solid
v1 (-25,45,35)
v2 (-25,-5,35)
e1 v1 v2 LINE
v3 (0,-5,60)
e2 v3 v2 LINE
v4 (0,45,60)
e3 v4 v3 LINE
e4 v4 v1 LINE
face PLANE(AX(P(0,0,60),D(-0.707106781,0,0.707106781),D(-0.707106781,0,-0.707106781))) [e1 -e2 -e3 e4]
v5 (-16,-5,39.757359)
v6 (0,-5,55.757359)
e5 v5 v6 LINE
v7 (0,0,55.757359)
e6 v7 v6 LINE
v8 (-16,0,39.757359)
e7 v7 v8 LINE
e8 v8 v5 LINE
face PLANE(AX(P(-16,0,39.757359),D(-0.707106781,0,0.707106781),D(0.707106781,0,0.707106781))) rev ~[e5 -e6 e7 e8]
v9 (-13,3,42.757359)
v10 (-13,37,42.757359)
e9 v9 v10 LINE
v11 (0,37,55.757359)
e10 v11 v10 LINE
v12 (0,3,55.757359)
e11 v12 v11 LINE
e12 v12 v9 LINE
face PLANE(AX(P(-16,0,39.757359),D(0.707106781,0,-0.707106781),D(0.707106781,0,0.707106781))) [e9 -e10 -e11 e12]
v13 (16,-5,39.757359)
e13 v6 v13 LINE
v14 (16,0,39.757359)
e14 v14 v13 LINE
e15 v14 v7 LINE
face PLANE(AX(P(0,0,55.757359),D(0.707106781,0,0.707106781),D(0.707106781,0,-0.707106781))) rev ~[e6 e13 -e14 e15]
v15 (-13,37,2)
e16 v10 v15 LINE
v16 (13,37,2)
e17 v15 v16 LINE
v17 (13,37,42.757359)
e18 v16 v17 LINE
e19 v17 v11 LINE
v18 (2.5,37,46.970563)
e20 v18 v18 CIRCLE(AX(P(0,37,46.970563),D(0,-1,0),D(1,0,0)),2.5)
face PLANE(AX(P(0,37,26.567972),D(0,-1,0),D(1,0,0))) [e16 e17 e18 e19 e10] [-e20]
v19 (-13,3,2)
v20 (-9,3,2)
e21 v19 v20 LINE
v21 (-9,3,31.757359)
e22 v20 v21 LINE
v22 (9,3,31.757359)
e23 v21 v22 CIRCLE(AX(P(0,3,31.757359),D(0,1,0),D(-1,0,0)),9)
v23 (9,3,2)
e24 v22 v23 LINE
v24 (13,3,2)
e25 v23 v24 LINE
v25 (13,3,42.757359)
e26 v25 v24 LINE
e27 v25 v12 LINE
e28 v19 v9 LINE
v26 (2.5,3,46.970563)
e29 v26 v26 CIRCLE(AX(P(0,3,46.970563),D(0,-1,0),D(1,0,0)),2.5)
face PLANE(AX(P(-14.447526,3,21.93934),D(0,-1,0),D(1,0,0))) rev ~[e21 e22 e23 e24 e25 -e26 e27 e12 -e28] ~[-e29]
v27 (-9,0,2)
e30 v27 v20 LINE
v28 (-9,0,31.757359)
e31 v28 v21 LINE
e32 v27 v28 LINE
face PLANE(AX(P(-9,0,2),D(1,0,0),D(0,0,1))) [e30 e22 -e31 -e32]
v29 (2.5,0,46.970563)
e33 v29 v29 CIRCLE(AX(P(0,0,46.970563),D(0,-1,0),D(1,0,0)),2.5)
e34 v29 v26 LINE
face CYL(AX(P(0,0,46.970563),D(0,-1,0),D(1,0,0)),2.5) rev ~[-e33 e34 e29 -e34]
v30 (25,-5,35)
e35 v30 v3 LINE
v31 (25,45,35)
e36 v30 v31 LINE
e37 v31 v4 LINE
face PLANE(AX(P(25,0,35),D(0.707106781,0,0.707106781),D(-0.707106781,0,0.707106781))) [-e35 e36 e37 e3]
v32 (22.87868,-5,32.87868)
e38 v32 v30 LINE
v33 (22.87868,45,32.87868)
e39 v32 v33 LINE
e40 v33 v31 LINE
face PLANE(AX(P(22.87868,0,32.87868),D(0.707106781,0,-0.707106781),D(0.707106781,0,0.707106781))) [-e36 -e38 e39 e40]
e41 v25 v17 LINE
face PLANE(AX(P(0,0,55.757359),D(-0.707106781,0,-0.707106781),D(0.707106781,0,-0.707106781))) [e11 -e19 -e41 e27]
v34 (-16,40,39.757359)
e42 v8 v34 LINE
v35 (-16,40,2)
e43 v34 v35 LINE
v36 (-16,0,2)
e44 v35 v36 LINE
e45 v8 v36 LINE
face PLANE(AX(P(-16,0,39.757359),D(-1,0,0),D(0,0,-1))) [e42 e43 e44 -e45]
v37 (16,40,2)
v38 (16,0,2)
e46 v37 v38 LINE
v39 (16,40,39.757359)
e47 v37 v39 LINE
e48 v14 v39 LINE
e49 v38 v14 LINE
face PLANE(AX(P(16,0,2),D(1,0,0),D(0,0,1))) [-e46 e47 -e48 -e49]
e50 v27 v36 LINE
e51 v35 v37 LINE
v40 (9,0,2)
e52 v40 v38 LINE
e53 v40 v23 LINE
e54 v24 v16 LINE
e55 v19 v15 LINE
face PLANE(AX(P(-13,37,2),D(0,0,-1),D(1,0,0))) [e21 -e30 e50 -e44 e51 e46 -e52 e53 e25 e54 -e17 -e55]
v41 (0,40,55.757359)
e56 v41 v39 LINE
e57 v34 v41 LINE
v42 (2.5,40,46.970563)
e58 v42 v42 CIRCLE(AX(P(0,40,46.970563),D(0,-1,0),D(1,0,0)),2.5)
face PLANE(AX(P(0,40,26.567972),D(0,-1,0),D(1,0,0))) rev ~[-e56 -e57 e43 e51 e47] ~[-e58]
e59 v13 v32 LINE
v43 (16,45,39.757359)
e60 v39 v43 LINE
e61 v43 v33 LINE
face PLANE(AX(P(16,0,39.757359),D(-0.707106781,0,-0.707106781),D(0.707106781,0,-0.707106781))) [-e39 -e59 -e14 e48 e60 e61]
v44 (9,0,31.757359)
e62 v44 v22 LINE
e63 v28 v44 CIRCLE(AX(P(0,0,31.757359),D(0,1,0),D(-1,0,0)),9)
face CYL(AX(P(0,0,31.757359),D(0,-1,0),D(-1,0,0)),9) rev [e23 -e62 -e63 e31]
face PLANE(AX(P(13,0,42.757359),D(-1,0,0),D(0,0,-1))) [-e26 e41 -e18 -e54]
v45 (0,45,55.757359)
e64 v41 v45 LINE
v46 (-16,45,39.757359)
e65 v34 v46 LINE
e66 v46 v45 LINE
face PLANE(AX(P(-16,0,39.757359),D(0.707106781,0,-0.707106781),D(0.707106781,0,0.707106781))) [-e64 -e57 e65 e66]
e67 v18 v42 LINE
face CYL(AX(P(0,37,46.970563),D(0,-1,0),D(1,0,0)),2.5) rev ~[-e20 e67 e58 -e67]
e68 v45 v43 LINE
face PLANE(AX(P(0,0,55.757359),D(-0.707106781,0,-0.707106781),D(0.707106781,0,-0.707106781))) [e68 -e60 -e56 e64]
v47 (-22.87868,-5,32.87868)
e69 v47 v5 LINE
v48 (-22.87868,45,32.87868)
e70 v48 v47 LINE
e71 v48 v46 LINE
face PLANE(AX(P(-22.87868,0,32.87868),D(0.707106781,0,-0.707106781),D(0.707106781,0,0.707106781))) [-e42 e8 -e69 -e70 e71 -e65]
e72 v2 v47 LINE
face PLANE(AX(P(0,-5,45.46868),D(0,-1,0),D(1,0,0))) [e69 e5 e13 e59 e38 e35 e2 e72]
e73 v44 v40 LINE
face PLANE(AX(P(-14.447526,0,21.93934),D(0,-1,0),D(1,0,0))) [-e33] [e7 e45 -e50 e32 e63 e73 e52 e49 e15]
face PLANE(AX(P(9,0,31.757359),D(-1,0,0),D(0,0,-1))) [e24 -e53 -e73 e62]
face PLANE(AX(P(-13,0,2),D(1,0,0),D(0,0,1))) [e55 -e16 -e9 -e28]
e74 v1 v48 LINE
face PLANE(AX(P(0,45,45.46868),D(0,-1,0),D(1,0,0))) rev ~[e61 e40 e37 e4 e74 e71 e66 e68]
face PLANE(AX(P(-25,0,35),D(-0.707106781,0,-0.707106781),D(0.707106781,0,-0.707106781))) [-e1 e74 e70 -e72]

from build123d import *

# Parameters (mm, degrees)
F0_R          = 2.5
F1_DEPTH      = 3
F2_DEPTH      = 5
F2_DEPTH_BACK = 45
F3_DEPTH      = 40
F4_START      = -37
F4_DEPTH      = 3


with BuildPart() as f1:
    # F0 (on Front) → F1 (new body)
    with BuildSketch(Plane.XZ):
        Polygon((-13, 42.7573593129), (-16, 39.7573593129), (-16, 2), (-13, 2), align=None)
        with BuildLine():
            Line((13, 2), (13, 42.7573593129))
            Line((13, 42.7573593129), (0, 55.7573593129))
            Line((0, 55.7573593129), (-13, 42.7573593129))
            Line((-13, 42.7573593129), (-13, 2))
            Line((-13, 2), (-9, 2))
            Line((-9, 2), (-9, 31.7573593129))
            ThreePointArc((-9, 31.7573593129), (0, 40.7573593129), (9, 31.7573593129))
            Line((9, 31.7573593129), (9, 2))
            Line((9, 2), (13, 2))
        make_face()
        with Locations((0, 46.9705627485)):
            Circle(F0_R, mode=Mode.SUBTRACT)
        Polygon((16, 2), (16, 39.7573593129), (13, 42.7573593129), (13, 2), align=None)
    extrude(amount=-F1_DEPTH)

    # F0 (on Front) → F2 (join, two sides)
    with BuildSketch(Plane.XZ) as f2_sk:
        Polygon((25, 35), (0, 60), (-25, 35), (-22.8786796564, 32.8786796564), (-16, 39.7573593129), (-13, 42.7573593129), (0, 55.7573593129), (13, 42.7573593129), (16, 39.7573593129), (22.8786796564, 32.8786796564), align=None)
    extrude(amount=F2_DEPTH)
    extrude(f2_sk.sketch, amount=-F2_DEPTH_BACK)

    # F0 (on Front) → F3 (join)
    with BuildSketch(Plane.XZ):
        Polygon((-13, 42.7573593129), (-16, 39.7573593129), (-16, 2), (-13, 2), align=None)
        Polygon((16, 2), (16, 39.7573593129), (13, 42.7573593129), (13, 2), align=None)
    extrude(amount=-F3_DEPTH)

    # F0 (on Front) → F4 (join)
    with BuildSketch(Plane.XZ.offset(F4_START)):
        with BuildLine():
            Line((13, 2), (13, 42.7573593129))
            Line((13, 42.7573593129), (0, 55.7573593129))
            Line((0, 55.7573593129), (-13, 42.7573593129))
            Line((-13, 42.7573593129), (-13, 2))
            Line((-13, 2), (-9, 2))
            Line((-9, 2), (-9, 31.7573593129))
            ThreePointArc((-9, 31.7573593129), (0, 40.7573593129), (9, 31.7573593129))
            Line((9, 31.7573593129), (9, 2))
            Line((9, 2), (13, 2))
        make_face()
        with Locations((0, 46.9705627485)):
            Circle(F0_R, mode=Mode.SUBTRACT)
        with BuildLine():
            Line((-9, 2), (9, 2))
            Line((9, 2), (9, 31.7573593129))
            ThreePointArc((9, 31.7573593129), (0, 40.7573593129), (-9, 31.7573593129))
            Line((-9, 31.7573593129), (-9, 2))
        make_face()
    extrude(amount=-F4_DEPTH)


solid = f1.part
